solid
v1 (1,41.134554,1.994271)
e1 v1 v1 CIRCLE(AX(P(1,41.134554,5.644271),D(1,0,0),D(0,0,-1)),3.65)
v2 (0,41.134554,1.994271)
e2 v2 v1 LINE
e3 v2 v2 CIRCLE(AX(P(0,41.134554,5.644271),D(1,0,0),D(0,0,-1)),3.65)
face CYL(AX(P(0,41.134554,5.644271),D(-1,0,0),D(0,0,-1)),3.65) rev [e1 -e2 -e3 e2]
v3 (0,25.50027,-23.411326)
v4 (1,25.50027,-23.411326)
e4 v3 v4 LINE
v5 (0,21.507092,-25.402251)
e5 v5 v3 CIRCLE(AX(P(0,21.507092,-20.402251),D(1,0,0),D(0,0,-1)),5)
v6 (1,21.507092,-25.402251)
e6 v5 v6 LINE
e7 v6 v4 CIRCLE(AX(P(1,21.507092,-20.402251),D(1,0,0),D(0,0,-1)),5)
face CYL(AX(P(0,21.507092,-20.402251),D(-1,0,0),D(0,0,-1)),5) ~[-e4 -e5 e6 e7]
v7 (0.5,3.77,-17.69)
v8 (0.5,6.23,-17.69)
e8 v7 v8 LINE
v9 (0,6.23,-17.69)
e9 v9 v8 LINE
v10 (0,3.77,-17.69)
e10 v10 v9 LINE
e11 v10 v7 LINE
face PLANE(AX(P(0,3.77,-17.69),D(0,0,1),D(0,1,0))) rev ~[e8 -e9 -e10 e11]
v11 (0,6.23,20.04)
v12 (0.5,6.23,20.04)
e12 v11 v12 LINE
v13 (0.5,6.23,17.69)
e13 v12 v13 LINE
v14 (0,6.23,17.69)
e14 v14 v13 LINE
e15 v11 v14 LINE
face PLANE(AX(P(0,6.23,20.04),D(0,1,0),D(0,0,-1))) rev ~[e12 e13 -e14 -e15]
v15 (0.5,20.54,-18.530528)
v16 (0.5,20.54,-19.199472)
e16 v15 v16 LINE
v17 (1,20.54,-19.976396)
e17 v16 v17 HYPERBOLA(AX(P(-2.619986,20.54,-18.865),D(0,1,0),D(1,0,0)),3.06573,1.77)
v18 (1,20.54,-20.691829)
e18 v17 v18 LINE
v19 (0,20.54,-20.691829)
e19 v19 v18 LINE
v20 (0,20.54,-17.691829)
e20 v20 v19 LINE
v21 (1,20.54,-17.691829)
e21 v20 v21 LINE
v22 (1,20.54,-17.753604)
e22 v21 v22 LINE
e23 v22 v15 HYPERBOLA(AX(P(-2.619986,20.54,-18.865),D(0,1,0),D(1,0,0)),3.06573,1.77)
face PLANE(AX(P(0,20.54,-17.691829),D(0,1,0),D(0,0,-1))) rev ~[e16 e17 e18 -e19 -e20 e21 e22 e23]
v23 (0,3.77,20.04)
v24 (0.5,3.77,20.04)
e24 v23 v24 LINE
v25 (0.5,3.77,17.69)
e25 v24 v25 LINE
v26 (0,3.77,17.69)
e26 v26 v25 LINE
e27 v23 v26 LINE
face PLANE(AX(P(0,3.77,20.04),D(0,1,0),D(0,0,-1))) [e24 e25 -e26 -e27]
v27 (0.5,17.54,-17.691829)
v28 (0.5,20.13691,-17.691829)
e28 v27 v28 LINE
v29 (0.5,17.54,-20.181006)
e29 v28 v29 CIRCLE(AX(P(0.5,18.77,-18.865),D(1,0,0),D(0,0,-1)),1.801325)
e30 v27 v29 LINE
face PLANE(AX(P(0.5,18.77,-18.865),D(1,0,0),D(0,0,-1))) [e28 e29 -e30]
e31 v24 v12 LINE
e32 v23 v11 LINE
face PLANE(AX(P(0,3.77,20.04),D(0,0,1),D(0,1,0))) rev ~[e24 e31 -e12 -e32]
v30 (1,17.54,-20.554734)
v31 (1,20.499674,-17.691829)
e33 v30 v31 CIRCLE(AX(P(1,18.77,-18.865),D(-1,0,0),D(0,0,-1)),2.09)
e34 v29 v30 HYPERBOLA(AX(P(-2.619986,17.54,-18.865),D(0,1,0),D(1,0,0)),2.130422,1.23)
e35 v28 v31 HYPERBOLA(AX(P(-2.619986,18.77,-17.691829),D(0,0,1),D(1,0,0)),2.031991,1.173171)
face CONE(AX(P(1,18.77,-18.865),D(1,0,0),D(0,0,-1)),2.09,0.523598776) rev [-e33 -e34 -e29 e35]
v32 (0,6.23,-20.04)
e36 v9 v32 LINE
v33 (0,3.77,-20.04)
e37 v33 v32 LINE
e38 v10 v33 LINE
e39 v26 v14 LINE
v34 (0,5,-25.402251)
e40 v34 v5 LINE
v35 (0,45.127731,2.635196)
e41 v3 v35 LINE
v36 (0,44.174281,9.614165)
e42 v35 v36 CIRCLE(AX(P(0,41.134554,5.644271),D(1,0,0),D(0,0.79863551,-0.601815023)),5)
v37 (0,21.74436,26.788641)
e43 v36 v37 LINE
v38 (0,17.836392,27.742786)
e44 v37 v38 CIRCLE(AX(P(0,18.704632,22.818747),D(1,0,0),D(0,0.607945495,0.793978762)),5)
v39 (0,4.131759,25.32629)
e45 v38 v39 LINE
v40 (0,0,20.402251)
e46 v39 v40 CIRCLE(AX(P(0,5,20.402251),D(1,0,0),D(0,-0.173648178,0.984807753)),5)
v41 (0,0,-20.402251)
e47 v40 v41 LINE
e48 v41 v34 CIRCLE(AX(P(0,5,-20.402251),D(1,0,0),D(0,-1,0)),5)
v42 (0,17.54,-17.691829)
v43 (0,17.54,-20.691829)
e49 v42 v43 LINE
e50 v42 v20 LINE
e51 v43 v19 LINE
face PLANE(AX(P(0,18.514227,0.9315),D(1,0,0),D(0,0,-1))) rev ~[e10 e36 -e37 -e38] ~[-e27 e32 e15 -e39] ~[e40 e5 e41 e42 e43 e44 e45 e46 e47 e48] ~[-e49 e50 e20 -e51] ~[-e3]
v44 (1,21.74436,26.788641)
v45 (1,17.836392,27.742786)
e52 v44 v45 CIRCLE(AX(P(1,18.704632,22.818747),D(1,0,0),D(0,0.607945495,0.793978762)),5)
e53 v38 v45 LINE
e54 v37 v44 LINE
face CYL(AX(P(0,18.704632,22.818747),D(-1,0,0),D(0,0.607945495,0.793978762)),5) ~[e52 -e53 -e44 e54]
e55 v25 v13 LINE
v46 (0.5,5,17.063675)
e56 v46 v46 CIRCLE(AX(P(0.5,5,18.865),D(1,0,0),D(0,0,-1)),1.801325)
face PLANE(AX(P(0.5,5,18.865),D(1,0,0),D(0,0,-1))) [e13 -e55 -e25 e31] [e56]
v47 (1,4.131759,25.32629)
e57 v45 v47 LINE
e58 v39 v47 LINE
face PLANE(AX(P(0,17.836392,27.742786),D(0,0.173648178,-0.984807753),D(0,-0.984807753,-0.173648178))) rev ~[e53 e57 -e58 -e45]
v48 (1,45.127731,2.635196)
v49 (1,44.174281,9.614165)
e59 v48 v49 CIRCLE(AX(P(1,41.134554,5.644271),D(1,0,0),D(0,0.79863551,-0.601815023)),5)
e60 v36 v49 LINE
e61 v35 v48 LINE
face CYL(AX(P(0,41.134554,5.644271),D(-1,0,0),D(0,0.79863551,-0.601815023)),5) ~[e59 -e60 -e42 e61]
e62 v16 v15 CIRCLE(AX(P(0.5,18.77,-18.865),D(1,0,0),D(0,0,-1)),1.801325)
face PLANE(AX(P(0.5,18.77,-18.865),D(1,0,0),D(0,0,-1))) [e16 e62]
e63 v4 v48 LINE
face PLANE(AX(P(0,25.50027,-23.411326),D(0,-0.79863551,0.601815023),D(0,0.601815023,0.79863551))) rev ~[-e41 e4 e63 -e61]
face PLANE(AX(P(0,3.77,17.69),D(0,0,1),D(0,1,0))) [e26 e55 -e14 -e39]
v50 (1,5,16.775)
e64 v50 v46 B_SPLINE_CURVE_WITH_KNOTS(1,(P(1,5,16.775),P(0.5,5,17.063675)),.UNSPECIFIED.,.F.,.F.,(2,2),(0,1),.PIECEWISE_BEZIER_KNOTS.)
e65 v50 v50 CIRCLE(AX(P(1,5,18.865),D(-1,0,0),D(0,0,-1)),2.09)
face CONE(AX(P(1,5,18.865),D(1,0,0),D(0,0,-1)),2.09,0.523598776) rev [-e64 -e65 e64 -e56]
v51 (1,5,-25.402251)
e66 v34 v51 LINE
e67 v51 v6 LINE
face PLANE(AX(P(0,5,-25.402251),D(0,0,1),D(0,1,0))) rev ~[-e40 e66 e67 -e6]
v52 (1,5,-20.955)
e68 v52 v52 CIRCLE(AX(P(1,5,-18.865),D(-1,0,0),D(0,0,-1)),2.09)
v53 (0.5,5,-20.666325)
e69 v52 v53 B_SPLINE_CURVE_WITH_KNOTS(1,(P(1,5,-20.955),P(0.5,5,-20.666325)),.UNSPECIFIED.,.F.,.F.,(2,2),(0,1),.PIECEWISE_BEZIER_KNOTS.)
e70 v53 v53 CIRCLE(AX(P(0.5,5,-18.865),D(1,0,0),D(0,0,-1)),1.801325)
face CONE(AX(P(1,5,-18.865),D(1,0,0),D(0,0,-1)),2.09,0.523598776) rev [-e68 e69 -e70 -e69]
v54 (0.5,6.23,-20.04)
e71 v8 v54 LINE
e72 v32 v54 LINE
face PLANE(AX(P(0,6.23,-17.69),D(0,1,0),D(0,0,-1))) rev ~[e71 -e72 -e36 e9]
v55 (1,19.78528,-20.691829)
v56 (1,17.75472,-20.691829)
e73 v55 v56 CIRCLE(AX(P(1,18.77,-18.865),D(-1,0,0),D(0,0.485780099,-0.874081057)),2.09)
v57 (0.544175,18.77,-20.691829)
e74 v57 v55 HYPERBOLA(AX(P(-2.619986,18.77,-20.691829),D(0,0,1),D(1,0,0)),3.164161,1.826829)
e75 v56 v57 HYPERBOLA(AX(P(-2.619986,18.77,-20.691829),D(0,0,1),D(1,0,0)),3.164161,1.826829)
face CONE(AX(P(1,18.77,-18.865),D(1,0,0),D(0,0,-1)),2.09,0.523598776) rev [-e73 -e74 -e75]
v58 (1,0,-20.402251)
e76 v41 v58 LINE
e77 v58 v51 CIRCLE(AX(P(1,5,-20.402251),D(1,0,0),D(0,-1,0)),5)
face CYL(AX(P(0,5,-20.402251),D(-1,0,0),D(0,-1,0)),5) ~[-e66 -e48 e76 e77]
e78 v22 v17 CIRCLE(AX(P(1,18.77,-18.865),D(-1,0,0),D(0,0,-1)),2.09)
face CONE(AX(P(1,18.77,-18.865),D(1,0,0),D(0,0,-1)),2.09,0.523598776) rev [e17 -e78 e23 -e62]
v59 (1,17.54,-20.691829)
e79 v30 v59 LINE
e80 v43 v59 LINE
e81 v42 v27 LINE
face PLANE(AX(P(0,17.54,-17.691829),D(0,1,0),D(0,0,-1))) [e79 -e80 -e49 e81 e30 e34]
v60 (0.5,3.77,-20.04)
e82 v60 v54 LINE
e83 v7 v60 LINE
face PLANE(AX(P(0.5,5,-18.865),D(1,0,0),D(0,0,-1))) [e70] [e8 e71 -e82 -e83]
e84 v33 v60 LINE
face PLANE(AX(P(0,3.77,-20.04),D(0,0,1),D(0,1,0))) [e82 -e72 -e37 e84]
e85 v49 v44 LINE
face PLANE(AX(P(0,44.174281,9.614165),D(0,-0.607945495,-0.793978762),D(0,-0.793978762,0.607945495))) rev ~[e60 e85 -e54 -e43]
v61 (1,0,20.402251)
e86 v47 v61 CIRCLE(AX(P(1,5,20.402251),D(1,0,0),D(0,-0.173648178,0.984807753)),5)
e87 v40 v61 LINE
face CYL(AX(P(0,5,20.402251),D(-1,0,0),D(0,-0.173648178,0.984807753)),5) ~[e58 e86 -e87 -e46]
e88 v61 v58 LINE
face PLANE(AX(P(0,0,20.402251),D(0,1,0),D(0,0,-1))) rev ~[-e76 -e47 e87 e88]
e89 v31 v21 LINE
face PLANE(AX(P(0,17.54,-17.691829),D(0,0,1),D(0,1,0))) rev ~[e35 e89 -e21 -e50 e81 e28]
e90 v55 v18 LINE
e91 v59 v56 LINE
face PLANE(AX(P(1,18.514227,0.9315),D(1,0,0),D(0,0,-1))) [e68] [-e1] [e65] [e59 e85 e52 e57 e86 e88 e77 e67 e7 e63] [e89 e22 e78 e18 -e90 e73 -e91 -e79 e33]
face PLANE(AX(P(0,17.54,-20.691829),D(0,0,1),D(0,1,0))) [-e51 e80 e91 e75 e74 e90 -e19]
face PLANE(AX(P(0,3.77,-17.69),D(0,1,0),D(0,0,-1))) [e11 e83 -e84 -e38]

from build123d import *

# Parameters (mm, degrees)
SKETCH1_R           = 3.65
SKETCH1_W           = 3
SKETCH1_H           = 3
SKETCH1_W_2         = 2.35
SKETCH1_H_2         = 2.46
BOSS_EXTRUDE1_DEPTH = 1
SKETCH3_R           = 2.09
CUT_EXTRUDE1_DEPTH  = 0.5
CUT_EXTRUDE1_TAPER  = 30


with BuildPart() as part:
    # Sketch1 → Boss-Extrude1 (new body)
    with BuildSketch(Plane(origin=(0, 0, 0), x_dir=(0, 0, -1), z_dir=(1, 0, 0))):
        with BuildLine():
            Line((-20.402250922, 0), (20.402250922, 0))
            ThreePointArc((20.402250922, 0), (23.937784828, 1.464466094), (25.402250922, 5))
            Line((25.402250922, 5), (25.402250922, 21.50709196))
            ThreePointArc((25.402250922, 21.50709196), (24.87692273, 23.738081025), (23.411326038, 25.50026951))
            Line((23.411326038, 25.50026951), (-2.635195634, 45.127731407))
            ThreePointArc((-2.635195634, 45.127731407), (-6.321071977, 46.088536103), (-9.61416456, 44.174281334))
            Line((-9.61416456, 44.174281334), (-26.788641191, 21.74435991))
            ThreePointArc((-26.788641191, 21.74435991), (-27.676067974, 19.890565251), (-27.742786146, 17.836391544))
            Line((-27.742786146, 17.836391544), (-25.326289687, 4.131759112))
            ThreePointArc((-25.326289687, 4.131759112), (-23.61618897, 1.169777784), (-20.402250922, 0))
        make_face()
        with Locations((-5.64427075, 41.134553857)):
            Circle(SKETCH1_R, mode=Mode.SUBTRACT)
        with Locations((19.19182941, 19.04)):
            Rectangle(SKETCH1_W, SKETCH1_H, mode=Mode.SUBTRACT)
        with Locations((18.865, 5)):
            Rectangle(SKETCH1_W_2, SKETCH1_H_2, mode=Mode.SUBTRACT)
        with Locations((-18.865, 5)):
            Rectangle(SKETCH1_W_2, SKETCH1_H_2, mode=Mode.SUBTRACT)
    extrude(amount=BOSS_EXTRUDE1_DEPTH)

    # Sketch3 → Cut-Extrude1 (cut)
    with BuildSketch(Plane(origin=(1, 0, 0), x_dir=(0, 0, -1), z_dir=(1, 0, 0))):
        with Locations((-18.865, 5)):
            Circle(SKETCH3_R)
        with Locations((18.865, 5)):
            Circle(SKETCH3_R)
        with Locations((18.865, 18.77)):
            Circle(SKETCH3_R)
    extrude(amount=-CUT_EXTRUDE1_DEPTH, taper=CUT_EXTRUDE1_TAPER, mode=Mode.SUBTRACT)


solid = part.part
